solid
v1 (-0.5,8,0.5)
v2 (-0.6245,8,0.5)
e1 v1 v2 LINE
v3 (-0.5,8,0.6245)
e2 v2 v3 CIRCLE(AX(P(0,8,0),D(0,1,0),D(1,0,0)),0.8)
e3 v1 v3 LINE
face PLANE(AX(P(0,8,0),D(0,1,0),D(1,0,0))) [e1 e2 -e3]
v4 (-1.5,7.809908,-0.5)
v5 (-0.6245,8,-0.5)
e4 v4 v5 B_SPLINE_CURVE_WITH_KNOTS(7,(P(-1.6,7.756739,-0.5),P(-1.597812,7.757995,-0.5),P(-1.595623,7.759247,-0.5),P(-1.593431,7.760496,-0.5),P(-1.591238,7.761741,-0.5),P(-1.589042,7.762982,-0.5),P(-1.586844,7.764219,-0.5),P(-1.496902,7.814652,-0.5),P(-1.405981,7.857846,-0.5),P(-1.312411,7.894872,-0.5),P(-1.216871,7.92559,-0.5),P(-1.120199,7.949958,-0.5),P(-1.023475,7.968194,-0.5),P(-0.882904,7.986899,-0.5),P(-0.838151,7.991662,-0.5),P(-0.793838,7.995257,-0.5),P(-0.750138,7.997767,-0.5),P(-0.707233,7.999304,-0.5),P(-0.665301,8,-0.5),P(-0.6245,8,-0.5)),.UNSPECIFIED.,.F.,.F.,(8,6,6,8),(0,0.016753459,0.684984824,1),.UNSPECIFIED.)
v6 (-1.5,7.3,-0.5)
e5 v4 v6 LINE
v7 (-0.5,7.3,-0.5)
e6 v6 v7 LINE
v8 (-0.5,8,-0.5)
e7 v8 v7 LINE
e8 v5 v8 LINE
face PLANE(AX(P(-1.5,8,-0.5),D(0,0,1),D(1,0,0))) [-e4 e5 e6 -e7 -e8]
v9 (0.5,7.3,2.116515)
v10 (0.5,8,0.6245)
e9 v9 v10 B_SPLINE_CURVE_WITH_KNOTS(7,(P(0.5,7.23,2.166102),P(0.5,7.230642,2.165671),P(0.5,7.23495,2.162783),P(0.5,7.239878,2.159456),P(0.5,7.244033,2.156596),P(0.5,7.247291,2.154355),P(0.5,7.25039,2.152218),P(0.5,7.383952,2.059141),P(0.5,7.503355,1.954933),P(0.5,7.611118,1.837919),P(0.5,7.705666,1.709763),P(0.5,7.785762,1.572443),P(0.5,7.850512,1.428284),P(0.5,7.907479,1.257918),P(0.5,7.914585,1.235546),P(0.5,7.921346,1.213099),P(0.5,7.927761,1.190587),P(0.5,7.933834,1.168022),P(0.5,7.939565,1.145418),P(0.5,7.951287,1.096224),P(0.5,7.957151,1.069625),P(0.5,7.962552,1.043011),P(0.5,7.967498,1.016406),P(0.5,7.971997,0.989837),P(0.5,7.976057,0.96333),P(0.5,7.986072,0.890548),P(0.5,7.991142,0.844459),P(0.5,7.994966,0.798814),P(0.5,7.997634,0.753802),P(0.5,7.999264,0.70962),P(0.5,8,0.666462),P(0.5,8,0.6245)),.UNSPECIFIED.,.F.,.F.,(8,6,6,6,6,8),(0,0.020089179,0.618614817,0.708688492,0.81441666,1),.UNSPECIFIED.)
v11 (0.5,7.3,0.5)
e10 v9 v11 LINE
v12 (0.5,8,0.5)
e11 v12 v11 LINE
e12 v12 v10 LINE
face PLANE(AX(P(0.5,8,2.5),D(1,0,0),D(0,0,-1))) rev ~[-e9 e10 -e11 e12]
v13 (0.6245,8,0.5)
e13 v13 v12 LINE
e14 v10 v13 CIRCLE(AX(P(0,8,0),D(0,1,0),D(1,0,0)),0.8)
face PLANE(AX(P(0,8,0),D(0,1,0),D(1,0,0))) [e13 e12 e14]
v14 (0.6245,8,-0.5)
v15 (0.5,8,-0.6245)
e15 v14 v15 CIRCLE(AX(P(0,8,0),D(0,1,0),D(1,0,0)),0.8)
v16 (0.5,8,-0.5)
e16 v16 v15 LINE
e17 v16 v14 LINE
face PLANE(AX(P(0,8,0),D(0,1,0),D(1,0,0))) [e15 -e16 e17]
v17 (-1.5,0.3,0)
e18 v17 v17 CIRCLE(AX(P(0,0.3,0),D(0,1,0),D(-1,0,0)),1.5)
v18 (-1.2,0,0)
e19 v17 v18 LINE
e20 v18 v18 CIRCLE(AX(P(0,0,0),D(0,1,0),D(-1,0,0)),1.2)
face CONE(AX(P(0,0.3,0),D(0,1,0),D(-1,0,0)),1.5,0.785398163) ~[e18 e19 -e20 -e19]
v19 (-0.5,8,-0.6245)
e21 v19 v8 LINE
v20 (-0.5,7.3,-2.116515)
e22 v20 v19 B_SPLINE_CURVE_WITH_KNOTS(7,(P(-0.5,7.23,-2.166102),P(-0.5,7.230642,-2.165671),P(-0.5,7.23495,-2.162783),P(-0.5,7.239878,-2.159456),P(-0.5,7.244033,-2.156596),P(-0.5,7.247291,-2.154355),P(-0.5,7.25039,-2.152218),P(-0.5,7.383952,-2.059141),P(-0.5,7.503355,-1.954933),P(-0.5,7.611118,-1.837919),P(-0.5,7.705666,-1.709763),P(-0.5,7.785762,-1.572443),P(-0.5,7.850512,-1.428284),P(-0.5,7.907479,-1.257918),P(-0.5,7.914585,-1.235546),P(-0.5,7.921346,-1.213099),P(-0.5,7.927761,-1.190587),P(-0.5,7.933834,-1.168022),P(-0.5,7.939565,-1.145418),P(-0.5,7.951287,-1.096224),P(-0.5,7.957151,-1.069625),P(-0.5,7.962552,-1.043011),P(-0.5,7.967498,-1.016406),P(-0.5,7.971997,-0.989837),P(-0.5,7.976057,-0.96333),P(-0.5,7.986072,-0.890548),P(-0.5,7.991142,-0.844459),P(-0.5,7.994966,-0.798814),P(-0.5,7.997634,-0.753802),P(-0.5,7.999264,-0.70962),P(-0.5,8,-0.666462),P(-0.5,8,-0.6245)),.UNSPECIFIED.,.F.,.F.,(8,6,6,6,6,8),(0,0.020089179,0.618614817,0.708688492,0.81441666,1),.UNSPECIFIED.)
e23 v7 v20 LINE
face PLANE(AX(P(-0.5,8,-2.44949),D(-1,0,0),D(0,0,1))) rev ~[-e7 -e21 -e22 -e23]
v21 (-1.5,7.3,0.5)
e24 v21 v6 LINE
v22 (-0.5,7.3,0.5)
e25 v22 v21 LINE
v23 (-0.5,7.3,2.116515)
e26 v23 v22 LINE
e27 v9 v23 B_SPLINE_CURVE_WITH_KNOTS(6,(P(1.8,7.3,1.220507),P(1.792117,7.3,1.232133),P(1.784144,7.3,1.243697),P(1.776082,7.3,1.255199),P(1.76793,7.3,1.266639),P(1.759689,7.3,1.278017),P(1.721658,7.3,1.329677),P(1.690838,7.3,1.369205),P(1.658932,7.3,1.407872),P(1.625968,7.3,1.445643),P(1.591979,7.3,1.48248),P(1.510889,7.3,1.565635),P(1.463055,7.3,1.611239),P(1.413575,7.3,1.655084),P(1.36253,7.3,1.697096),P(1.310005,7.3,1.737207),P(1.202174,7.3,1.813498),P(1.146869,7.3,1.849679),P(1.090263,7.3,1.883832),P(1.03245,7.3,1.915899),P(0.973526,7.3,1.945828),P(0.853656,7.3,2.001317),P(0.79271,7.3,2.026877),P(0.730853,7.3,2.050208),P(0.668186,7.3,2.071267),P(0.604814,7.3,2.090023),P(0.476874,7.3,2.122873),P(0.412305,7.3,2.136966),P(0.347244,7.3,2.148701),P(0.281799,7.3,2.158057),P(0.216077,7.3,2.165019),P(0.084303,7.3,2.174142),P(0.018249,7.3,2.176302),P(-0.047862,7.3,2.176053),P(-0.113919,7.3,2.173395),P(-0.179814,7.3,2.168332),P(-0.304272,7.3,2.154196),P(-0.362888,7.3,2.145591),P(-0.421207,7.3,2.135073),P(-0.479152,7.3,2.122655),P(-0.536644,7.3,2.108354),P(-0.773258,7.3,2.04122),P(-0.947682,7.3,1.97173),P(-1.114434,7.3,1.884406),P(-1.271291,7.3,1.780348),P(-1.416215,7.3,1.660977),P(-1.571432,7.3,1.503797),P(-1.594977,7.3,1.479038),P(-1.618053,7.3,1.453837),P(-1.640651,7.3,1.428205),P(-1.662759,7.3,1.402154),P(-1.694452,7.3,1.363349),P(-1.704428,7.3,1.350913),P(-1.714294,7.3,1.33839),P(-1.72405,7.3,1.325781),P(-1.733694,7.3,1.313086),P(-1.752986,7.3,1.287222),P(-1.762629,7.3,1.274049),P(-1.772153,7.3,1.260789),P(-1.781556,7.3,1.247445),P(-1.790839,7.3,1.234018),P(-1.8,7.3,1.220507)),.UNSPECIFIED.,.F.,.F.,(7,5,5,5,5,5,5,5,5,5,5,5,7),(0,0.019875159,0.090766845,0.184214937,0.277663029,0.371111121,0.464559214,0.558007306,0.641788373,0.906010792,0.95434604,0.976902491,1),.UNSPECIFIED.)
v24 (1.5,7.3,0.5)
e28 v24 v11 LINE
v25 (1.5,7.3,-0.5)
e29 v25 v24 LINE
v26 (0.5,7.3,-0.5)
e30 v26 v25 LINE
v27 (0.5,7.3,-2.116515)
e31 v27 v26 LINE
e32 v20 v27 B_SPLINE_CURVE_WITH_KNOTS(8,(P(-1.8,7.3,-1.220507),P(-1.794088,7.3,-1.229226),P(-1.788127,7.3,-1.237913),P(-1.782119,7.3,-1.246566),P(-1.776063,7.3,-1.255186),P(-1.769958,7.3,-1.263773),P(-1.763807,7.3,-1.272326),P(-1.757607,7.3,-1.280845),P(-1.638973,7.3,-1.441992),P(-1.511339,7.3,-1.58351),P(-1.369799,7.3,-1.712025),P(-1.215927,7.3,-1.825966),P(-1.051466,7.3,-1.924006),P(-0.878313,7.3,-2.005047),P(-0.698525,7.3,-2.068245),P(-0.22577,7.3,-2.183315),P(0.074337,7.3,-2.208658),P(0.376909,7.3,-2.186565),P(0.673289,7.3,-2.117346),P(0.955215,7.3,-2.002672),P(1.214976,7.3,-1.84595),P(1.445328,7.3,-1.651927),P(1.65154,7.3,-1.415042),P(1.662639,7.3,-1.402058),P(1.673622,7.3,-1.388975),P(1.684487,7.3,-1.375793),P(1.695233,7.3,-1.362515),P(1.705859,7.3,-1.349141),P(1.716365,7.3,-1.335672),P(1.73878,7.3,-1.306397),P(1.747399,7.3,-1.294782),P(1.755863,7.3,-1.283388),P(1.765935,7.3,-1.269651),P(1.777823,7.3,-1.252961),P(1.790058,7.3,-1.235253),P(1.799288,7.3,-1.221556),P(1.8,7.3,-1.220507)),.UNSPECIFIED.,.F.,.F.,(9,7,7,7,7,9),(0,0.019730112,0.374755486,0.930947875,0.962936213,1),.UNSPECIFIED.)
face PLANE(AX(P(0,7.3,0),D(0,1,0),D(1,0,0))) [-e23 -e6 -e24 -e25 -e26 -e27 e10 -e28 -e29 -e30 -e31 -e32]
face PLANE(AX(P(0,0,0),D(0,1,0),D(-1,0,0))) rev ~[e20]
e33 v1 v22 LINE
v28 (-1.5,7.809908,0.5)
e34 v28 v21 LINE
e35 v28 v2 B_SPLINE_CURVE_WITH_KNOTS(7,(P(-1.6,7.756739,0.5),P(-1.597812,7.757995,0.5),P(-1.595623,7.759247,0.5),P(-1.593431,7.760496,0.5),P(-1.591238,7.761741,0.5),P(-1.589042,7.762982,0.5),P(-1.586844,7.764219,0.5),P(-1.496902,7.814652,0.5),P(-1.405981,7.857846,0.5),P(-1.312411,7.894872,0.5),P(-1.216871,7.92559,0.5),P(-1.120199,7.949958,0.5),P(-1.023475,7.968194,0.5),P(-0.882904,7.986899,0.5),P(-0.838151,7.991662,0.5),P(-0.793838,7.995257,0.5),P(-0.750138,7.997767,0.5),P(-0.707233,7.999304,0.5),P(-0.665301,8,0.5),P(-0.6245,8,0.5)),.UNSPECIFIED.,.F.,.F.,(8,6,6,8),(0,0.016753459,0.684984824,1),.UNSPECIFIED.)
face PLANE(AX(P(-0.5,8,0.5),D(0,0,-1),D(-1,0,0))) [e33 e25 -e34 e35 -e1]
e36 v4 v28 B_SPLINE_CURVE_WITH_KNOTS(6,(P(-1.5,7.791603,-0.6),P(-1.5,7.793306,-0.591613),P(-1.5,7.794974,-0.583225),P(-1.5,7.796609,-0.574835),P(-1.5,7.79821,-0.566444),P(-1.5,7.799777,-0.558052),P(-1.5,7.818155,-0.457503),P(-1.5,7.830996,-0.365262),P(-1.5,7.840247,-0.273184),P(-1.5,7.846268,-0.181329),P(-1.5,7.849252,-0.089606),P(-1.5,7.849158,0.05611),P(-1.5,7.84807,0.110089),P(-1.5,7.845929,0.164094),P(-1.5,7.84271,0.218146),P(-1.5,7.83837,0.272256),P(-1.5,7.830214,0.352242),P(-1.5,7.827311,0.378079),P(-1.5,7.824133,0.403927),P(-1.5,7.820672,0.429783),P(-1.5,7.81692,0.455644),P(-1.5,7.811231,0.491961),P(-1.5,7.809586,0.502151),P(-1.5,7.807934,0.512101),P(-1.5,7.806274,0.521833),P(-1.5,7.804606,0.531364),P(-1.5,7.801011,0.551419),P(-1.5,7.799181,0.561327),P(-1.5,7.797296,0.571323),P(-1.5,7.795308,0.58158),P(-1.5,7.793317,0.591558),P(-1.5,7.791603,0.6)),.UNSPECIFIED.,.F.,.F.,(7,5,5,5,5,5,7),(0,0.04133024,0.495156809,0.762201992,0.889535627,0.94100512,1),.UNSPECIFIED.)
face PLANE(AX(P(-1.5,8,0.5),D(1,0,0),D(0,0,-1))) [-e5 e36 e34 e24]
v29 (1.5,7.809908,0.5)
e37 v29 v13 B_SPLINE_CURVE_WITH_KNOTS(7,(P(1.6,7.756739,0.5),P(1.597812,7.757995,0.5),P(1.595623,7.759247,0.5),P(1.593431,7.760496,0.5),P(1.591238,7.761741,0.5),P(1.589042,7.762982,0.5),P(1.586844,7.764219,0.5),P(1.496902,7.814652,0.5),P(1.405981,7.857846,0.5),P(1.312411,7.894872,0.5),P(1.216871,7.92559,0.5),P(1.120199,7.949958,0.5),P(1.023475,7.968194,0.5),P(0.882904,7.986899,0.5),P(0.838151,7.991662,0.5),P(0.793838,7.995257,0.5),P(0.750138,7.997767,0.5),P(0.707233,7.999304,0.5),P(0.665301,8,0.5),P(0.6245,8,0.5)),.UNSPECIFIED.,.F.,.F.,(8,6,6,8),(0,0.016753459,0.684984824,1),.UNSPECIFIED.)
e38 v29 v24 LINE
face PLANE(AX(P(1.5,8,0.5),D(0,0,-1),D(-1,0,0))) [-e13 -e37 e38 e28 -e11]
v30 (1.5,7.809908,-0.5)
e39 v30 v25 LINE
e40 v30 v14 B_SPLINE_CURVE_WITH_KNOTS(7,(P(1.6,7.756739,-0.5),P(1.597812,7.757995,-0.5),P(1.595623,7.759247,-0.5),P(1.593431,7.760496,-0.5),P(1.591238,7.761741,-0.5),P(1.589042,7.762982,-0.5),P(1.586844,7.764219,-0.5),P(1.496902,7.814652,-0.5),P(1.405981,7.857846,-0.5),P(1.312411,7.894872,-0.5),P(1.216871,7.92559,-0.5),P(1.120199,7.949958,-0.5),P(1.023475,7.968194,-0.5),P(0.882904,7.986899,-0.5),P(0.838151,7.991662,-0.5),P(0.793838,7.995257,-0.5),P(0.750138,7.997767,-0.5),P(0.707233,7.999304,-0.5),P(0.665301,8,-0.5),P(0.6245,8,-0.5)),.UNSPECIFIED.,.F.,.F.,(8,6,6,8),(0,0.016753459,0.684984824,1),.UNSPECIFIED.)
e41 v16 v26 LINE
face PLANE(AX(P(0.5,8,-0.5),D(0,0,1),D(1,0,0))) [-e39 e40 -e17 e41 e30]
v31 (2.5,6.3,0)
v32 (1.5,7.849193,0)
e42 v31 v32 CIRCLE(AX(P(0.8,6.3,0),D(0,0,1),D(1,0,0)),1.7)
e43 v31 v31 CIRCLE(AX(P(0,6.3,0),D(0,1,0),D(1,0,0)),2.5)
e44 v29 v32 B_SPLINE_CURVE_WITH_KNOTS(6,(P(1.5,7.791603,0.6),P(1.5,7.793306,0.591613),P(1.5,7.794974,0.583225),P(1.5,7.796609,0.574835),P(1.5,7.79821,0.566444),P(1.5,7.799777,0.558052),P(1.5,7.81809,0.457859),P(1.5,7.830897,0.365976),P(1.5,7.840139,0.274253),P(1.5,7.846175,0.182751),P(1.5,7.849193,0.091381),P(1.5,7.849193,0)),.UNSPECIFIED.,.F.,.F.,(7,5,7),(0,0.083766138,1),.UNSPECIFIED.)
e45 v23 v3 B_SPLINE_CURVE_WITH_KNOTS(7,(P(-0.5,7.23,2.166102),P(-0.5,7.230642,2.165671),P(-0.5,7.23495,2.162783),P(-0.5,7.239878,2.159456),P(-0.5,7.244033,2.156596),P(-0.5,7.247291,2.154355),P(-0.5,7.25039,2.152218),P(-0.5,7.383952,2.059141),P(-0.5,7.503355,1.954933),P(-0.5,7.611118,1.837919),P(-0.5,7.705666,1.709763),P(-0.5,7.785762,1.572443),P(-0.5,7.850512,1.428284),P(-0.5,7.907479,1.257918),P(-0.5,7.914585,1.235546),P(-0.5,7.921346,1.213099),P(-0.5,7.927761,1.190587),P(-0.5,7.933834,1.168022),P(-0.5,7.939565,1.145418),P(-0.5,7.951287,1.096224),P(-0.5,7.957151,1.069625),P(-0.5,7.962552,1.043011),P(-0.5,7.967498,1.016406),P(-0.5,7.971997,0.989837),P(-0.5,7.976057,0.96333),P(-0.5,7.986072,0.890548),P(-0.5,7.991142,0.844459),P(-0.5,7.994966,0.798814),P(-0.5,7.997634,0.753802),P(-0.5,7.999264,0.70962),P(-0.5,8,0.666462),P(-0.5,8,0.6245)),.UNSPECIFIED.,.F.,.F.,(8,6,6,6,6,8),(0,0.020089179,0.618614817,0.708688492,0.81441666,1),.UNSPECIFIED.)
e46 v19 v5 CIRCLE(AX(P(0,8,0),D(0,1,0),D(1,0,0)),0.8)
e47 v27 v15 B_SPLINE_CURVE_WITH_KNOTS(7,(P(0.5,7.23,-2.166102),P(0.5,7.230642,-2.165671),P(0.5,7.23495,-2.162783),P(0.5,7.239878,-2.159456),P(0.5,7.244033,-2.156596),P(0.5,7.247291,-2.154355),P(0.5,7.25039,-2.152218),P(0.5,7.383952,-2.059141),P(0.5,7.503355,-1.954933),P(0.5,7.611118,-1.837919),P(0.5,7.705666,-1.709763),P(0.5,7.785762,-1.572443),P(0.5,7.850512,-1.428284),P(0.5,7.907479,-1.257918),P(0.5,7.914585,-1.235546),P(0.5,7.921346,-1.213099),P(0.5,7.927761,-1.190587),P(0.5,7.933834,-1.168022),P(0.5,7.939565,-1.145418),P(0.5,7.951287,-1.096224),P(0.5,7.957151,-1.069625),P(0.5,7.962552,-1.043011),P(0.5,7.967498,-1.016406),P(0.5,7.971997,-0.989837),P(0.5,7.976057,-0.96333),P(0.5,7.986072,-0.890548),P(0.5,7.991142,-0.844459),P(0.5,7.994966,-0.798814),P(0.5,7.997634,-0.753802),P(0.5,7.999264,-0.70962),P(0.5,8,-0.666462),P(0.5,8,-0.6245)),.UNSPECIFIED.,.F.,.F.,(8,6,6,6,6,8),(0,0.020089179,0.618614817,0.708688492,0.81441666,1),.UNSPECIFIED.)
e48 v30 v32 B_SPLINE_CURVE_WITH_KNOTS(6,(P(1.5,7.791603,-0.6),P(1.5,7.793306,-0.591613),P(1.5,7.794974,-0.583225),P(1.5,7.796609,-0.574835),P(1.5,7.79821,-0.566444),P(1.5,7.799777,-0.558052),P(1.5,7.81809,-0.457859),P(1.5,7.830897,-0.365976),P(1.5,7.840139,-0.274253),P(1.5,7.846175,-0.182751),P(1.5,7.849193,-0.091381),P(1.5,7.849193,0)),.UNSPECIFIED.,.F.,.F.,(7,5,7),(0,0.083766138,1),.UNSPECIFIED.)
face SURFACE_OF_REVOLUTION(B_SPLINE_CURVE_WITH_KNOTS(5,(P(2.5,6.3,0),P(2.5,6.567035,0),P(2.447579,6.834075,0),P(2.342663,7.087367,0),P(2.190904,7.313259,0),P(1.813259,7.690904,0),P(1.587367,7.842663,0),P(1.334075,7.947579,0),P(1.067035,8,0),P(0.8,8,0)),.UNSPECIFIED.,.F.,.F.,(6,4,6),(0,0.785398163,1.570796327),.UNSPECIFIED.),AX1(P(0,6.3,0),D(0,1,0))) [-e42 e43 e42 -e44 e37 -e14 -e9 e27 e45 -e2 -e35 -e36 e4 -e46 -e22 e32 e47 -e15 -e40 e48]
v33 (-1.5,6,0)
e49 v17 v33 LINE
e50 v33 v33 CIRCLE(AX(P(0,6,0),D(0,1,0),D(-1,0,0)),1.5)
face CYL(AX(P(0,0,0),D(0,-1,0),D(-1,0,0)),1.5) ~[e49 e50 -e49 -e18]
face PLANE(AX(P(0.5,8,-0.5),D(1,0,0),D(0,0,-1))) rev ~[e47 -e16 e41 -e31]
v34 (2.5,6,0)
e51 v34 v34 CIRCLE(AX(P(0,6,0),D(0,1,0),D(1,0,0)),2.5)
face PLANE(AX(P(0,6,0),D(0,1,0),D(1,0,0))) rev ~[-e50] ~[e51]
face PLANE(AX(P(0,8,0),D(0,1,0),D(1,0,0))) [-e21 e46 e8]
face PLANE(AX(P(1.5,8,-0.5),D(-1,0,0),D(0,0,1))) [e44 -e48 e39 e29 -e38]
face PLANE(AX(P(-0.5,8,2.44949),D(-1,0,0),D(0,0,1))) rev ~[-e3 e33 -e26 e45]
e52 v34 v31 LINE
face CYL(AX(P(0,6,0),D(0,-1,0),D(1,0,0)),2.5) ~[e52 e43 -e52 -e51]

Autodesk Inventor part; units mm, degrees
ref_plane "YZ Plane" through (0, 0, 0) normal (1, 0, 0) x (0, 1, 0)
ref_plane "XZ Plane" through (0, 0, 0) normal (0, 1, 0) x (-1, 0, 0)
ref_plane "XY Plane" through (0, 0, 0) normal (0, 0, 1) x (1, 0, 0)
sketch "Sketch1" plane through (0, 0, 0) normal (0, 1, 0) x (-1, 0, 0)
  circle A0 centre (0, 0) radius 1.5
  dimension "d0" = 3
extrude "Extrusion1" add sketch "Sketch1" along normal blind 6
sketch "Sketch2" plane through (0, 6, 0) normal (0, 1, 0) x (1, 0, 0)
  circle A0 centre (0, 0) radius 2.5
  dimension "d3" = 5
extrude "Extrusion2" add sketch "Sketch2" along normal blind 2
fillet "Fillet1" radius 1.7 1 edges at (-2.5, 8, 0)
chamfer "Chamfer1" distance 0.3 angle 45 1 edges at (1.5, 0, 0)
thread "Thread1" size "M3x0.5" class "6g" standard "ANSI Metric M Profile" full length
sketch "Sketch3" plane through (0, 8, 0) normal (0, 1, 0) x (1, 0, 0)
  line L0 (0.5, -2.5) -> (0.5, 2.5)
  line L1 (0.5, 2.5) -> (-0.5, 2.5)
  line L2 (-0.5, 2.5) -> (-0.5, -2.5)
  line L3 (-0.5, -2.5) -> (0.5, -2.5)
  line L4 (0.5, -2.5) -> (-0.5, 2.5) construction
  line L5 (0.5, 2.5) -> (-0.5, -2.5) construction
  line L6 (1.5, -0.5) -> (-1.5, -0.5)
  line L7 (-1.5, -0.5) -> (-1.5, 0.5)
  line L8 (-1.5, 0.5) -> (1.5, 0.5)
  line L9 (1.5, 0.5) -> (1.5, -0.5)
  circle A0 centre (0, 0) radius 2.5 projected
  line L10 (1.5, -0.5) -> (-1.5, 0.5) construction
  line L11 (-1.5, -0.5) -> (1.5, 0.5) construction
  dimension "d12" = 1
  dimension "d13" = 3
  dimension "d14" = 1
extrude "Extrusion3" cut sketch "Sketch3" against normal blind 0.7 contours L3 A0 L0 | A0 L2 L6 L0 | L3 L2 A0 | L6 L2 L8 L0 | L0 L8 L9 L6 | L8 L2 A0 L0 | L6 L7 L8 L2 | A0 L1 L0 | L2 L1 A0
properties part number "M3x10 Screw Nylon" material "Steel"
